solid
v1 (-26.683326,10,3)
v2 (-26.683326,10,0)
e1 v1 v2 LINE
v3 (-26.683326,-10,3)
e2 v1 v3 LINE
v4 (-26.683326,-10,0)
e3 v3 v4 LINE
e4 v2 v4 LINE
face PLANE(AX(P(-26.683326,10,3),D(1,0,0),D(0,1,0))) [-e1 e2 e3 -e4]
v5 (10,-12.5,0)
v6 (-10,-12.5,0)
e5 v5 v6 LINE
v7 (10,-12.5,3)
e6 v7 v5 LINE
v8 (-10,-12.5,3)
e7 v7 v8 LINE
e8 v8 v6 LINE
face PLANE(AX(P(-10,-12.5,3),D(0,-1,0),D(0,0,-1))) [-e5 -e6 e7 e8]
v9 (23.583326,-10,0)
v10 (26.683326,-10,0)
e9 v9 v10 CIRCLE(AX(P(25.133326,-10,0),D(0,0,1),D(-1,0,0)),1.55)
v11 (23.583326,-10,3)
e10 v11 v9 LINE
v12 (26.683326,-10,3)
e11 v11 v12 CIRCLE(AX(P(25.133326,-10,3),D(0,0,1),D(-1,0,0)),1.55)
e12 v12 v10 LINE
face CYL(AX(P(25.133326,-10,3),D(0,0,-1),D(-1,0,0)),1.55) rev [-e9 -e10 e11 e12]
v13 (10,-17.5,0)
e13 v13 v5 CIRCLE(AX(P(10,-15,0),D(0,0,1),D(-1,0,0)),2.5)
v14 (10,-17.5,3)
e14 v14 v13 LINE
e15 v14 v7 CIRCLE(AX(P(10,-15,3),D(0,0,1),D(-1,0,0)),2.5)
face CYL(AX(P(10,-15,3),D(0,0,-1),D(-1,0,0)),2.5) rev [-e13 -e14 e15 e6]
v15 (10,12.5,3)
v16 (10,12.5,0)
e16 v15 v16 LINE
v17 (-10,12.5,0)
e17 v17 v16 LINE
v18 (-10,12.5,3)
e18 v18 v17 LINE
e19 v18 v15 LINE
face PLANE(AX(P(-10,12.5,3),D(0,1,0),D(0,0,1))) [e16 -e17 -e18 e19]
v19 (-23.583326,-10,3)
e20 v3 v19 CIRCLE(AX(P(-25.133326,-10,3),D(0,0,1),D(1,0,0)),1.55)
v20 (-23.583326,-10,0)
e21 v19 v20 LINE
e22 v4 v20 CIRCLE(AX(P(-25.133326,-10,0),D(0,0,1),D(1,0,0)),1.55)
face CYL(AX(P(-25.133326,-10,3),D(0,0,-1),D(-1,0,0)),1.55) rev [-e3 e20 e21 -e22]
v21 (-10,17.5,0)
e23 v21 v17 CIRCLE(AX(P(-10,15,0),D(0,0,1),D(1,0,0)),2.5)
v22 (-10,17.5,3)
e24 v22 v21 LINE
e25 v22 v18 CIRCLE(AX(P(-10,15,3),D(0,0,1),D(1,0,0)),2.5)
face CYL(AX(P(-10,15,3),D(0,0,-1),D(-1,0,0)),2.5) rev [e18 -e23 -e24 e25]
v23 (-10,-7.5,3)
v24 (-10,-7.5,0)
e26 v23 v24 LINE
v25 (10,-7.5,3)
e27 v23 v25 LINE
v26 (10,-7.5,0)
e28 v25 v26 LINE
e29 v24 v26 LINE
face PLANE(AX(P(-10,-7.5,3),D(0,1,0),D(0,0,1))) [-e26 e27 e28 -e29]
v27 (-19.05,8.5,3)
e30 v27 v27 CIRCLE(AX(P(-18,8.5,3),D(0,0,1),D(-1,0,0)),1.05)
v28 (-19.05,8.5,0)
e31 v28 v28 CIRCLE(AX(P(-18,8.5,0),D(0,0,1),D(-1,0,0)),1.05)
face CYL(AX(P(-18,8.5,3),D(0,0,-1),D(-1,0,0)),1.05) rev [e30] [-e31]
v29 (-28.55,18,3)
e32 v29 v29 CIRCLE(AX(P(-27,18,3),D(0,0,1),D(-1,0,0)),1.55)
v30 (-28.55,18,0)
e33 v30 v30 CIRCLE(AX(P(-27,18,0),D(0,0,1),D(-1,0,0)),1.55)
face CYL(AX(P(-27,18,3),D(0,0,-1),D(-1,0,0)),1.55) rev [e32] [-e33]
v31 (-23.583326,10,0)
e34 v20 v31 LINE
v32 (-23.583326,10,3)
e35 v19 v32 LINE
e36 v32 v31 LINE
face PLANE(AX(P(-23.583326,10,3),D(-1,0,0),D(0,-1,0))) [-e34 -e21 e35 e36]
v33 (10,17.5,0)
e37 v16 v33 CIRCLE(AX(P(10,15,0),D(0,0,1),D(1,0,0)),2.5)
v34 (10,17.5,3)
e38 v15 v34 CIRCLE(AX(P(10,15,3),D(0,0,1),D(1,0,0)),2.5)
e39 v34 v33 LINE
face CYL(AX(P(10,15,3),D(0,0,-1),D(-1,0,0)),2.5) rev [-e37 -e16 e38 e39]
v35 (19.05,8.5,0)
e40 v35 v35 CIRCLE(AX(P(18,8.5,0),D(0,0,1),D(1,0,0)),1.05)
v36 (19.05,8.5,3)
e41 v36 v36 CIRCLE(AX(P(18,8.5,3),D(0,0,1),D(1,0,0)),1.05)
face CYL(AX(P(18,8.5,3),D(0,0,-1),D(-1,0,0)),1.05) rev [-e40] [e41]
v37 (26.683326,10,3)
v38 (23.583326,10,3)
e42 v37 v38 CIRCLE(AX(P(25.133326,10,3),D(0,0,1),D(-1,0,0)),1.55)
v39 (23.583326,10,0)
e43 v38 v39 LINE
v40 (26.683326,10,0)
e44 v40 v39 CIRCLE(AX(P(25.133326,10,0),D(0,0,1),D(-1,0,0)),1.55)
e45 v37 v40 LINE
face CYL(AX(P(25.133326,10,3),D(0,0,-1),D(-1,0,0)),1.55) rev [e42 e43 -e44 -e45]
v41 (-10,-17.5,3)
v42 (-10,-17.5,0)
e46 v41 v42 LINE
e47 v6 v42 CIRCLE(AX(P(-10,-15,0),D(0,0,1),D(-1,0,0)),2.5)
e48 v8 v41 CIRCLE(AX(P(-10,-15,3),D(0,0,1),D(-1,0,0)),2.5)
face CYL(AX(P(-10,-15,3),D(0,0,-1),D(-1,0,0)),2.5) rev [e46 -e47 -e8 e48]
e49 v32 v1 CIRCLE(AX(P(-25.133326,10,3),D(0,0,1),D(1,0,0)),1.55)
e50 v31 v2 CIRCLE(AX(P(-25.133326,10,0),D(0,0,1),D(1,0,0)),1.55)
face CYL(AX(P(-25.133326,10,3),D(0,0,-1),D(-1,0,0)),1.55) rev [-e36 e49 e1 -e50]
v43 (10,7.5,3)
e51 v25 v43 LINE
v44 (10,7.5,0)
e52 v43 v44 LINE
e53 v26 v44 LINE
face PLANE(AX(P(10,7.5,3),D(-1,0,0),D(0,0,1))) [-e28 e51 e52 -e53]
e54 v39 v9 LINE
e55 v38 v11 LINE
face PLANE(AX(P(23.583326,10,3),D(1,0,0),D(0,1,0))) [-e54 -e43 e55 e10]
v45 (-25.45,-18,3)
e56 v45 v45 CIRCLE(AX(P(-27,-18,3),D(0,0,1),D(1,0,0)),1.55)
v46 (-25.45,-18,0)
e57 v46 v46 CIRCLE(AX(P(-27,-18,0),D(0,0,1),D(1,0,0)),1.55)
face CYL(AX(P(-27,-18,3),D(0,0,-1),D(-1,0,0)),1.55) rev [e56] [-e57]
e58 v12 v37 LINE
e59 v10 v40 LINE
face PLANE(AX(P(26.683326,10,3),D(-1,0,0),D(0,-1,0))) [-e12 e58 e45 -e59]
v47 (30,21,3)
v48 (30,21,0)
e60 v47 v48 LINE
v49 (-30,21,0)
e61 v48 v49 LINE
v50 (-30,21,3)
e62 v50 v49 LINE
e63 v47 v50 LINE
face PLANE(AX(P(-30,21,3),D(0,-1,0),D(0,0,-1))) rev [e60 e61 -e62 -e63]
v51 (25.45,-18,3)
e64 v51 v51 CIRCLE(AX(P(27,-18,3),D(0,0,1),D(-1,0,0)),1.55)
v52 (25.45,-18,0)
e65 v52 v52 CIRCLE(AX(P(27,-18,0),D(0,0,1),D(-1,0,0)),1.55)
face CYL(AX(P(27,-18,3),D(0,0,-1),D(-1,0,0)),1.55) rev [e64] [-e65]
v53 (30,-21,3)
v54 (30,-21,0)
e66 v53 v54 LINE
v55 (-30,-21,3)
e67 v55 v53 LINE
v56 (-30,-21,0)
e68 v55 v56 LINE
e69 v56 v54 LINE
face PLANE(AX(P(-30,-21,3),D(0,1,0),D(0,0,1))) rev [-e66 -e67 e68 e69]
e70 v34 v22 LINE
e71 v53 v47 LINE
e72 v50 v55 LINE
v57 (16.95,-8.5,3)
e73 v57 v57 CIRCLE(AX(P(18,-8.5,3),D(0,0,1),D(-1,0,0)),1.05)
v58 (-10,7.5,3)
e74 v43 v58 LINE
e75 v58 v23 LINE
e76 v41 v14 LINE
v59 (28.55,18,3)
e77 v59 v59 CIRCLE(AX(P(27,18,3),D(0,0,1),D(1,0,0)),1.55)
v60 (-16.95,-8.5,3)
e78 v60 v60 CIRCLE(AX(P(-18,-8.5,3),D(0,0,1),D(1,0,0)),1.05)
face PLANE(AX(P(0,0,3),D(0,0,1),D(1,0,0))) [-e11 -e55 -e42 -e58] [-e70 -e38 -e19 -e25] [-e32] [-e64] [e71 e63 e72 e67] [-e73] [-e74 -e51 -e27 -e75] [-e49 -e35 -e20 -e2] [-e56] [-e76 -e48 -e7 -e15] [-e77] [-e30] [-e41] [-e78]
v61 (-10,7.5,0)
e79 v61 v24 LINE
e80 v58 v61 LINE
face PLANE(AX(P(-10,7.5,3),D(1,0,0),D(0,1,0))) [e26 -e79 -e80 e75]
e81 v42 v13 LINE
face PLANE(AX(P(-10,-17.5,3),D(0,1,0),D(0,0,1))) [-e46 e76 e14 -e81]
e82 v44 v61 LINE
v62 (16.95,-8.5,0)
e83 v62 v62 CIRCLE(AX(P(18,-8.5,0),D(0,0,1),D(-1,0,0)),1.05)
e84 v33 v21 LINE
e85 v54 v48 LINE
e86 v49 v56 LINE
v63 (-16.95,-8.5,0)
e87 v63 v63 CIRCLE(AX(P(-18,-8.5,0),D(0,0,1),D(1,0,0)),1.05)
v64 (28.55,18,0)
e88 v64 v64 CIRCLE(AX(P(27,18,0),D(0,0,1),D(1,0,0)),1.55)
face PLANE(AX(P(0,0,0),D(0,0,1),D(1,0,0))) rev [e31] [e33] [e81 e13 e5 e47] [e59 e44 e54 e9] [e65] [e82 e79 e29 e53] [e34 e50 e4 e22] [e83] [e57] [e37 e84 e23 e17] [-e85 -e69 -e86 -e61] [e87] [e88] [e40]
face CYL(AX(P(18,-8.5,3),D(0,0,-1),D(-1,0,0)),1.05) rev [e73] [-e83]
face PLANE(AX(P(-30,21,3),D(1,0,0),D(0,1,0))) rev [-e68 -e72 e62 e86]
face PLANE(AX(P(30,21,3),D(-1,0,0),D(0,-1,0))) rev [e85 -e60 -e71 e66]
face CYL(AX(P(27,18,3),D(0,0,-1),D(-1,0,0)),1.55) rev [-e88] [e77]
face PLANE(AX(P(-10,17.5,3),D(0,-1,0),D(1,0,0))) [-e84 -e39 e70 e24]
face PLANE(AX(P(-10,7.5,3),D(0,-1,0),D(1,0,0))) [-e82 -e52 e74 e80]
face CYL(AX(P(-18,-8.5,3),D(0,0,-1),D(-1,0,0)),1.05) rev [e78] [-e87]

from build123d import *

# Parameters (mm, degrees)
SKETCH_1_W      = 60
SKETCH_1_H      = 42
SKETCH_1_R      = 1.05
SKETCH_1_R_2    = 1.55
SKETCH_1_W_2    = 20
SKETCH_1_H_2    = 15
EXTRUDE_1_DEPTH = 3


with BuildPart() as part:
    # 草图1 → 凸台-拉伸1 (new body)
    with BuildSketch(Plane.XY):
        Rectangle(SKETCH_1_W, SKETCH_1_H)
        with Locations((-18, -8.5)):
            Circle(SKETCH_1_R, mode=Mode.SUBTRACT)
        with Locations((-18, 8.5)):
            Circle(SKETCH_1_R, mode=Mode.SUBTRACT)
        with Locations((18, 8.5)):
            Circle(SKETCH_1_R, mode=Mode.SUBTRACT)
        with Locations((18, -8.5)):
            Circle(SKETCH_1_R, mode=Mode.SUBTRACT)
        with Locations((-27, -18)):
            Circle(SKETCH_1_R_2, mode=Mode.SUBTRACT)
        with Locations((27, -18)):
            Circle(SKETCH_1_R_2, mode=Mode.SUBTRACT)
        with Locations((27, 18)):
            Circle(SKETCH_1_R_2, mode=Mode.SUBTRACT)
        with Locations((-27, 18)):
            Circle(SKETCH_1_R_2, mode=Mode.SUBTRACT)
        Rectangle(SKETCH_1_W_2, SKETCH_1_H_2, mode=Mode.SUBTRACT)
        with BuildLine():
            Line((-10, 17.5), (10, 17.5))
            ThreePointArc((10, 17.5), (12.5, 15), (10, 12.5))
            Line((10, 12.5), (-10, 12.5))
            ThreePointArc((-10, 12.5), (-12.5, 15), (-10, 17.5))
        make_face(mode=Mode.SUBTRACT)
        with BuildLine():
            Line((-10, -17.5), (10, -17.5))
            ThreePointArc((10, -17.5), (12.5, -15), (10, -12.5))
            Line((10, -12.5), (-10, -12.5))
            ThreePointArc((-10, -12.5), (-12.5, -15), (-10, -17.5))
        make_face(mode=Mode.SUBTRACT)
        with BuildLine():
            Line((-23.583325542, 10), (-23.583325542, -10))
            ThreePointArc((-23.583325542, -10), (-25.133325542, -11.55), (-26.683325542, -10))
            Line((-26.683325542, -10), (-26.683325542, 10))
            ThreePointArc((-26.683325542, 10), (-25.133325542, 11.55), (-23.583325542, 10))
        make_face(mode=Mode.SUBTRACT)
        with BuildLine():
            Line((23.583325542, 10), (23.583325542, -10))
            ThreePointArc((23.583325542, -10), (25.133325542, -11.55), (26.683325542, -10))
            Line((26.683325542, -10), (26.683325542, 10))
            ThreePointArc((26.683325542, 10), (25.133325542, 11.55), (23.583325542, 10))
        make_face(mode=Mode.SUBTRACT)
    extrude(amount=EXTRUDE_1_DEPTH)


solid = part.part
